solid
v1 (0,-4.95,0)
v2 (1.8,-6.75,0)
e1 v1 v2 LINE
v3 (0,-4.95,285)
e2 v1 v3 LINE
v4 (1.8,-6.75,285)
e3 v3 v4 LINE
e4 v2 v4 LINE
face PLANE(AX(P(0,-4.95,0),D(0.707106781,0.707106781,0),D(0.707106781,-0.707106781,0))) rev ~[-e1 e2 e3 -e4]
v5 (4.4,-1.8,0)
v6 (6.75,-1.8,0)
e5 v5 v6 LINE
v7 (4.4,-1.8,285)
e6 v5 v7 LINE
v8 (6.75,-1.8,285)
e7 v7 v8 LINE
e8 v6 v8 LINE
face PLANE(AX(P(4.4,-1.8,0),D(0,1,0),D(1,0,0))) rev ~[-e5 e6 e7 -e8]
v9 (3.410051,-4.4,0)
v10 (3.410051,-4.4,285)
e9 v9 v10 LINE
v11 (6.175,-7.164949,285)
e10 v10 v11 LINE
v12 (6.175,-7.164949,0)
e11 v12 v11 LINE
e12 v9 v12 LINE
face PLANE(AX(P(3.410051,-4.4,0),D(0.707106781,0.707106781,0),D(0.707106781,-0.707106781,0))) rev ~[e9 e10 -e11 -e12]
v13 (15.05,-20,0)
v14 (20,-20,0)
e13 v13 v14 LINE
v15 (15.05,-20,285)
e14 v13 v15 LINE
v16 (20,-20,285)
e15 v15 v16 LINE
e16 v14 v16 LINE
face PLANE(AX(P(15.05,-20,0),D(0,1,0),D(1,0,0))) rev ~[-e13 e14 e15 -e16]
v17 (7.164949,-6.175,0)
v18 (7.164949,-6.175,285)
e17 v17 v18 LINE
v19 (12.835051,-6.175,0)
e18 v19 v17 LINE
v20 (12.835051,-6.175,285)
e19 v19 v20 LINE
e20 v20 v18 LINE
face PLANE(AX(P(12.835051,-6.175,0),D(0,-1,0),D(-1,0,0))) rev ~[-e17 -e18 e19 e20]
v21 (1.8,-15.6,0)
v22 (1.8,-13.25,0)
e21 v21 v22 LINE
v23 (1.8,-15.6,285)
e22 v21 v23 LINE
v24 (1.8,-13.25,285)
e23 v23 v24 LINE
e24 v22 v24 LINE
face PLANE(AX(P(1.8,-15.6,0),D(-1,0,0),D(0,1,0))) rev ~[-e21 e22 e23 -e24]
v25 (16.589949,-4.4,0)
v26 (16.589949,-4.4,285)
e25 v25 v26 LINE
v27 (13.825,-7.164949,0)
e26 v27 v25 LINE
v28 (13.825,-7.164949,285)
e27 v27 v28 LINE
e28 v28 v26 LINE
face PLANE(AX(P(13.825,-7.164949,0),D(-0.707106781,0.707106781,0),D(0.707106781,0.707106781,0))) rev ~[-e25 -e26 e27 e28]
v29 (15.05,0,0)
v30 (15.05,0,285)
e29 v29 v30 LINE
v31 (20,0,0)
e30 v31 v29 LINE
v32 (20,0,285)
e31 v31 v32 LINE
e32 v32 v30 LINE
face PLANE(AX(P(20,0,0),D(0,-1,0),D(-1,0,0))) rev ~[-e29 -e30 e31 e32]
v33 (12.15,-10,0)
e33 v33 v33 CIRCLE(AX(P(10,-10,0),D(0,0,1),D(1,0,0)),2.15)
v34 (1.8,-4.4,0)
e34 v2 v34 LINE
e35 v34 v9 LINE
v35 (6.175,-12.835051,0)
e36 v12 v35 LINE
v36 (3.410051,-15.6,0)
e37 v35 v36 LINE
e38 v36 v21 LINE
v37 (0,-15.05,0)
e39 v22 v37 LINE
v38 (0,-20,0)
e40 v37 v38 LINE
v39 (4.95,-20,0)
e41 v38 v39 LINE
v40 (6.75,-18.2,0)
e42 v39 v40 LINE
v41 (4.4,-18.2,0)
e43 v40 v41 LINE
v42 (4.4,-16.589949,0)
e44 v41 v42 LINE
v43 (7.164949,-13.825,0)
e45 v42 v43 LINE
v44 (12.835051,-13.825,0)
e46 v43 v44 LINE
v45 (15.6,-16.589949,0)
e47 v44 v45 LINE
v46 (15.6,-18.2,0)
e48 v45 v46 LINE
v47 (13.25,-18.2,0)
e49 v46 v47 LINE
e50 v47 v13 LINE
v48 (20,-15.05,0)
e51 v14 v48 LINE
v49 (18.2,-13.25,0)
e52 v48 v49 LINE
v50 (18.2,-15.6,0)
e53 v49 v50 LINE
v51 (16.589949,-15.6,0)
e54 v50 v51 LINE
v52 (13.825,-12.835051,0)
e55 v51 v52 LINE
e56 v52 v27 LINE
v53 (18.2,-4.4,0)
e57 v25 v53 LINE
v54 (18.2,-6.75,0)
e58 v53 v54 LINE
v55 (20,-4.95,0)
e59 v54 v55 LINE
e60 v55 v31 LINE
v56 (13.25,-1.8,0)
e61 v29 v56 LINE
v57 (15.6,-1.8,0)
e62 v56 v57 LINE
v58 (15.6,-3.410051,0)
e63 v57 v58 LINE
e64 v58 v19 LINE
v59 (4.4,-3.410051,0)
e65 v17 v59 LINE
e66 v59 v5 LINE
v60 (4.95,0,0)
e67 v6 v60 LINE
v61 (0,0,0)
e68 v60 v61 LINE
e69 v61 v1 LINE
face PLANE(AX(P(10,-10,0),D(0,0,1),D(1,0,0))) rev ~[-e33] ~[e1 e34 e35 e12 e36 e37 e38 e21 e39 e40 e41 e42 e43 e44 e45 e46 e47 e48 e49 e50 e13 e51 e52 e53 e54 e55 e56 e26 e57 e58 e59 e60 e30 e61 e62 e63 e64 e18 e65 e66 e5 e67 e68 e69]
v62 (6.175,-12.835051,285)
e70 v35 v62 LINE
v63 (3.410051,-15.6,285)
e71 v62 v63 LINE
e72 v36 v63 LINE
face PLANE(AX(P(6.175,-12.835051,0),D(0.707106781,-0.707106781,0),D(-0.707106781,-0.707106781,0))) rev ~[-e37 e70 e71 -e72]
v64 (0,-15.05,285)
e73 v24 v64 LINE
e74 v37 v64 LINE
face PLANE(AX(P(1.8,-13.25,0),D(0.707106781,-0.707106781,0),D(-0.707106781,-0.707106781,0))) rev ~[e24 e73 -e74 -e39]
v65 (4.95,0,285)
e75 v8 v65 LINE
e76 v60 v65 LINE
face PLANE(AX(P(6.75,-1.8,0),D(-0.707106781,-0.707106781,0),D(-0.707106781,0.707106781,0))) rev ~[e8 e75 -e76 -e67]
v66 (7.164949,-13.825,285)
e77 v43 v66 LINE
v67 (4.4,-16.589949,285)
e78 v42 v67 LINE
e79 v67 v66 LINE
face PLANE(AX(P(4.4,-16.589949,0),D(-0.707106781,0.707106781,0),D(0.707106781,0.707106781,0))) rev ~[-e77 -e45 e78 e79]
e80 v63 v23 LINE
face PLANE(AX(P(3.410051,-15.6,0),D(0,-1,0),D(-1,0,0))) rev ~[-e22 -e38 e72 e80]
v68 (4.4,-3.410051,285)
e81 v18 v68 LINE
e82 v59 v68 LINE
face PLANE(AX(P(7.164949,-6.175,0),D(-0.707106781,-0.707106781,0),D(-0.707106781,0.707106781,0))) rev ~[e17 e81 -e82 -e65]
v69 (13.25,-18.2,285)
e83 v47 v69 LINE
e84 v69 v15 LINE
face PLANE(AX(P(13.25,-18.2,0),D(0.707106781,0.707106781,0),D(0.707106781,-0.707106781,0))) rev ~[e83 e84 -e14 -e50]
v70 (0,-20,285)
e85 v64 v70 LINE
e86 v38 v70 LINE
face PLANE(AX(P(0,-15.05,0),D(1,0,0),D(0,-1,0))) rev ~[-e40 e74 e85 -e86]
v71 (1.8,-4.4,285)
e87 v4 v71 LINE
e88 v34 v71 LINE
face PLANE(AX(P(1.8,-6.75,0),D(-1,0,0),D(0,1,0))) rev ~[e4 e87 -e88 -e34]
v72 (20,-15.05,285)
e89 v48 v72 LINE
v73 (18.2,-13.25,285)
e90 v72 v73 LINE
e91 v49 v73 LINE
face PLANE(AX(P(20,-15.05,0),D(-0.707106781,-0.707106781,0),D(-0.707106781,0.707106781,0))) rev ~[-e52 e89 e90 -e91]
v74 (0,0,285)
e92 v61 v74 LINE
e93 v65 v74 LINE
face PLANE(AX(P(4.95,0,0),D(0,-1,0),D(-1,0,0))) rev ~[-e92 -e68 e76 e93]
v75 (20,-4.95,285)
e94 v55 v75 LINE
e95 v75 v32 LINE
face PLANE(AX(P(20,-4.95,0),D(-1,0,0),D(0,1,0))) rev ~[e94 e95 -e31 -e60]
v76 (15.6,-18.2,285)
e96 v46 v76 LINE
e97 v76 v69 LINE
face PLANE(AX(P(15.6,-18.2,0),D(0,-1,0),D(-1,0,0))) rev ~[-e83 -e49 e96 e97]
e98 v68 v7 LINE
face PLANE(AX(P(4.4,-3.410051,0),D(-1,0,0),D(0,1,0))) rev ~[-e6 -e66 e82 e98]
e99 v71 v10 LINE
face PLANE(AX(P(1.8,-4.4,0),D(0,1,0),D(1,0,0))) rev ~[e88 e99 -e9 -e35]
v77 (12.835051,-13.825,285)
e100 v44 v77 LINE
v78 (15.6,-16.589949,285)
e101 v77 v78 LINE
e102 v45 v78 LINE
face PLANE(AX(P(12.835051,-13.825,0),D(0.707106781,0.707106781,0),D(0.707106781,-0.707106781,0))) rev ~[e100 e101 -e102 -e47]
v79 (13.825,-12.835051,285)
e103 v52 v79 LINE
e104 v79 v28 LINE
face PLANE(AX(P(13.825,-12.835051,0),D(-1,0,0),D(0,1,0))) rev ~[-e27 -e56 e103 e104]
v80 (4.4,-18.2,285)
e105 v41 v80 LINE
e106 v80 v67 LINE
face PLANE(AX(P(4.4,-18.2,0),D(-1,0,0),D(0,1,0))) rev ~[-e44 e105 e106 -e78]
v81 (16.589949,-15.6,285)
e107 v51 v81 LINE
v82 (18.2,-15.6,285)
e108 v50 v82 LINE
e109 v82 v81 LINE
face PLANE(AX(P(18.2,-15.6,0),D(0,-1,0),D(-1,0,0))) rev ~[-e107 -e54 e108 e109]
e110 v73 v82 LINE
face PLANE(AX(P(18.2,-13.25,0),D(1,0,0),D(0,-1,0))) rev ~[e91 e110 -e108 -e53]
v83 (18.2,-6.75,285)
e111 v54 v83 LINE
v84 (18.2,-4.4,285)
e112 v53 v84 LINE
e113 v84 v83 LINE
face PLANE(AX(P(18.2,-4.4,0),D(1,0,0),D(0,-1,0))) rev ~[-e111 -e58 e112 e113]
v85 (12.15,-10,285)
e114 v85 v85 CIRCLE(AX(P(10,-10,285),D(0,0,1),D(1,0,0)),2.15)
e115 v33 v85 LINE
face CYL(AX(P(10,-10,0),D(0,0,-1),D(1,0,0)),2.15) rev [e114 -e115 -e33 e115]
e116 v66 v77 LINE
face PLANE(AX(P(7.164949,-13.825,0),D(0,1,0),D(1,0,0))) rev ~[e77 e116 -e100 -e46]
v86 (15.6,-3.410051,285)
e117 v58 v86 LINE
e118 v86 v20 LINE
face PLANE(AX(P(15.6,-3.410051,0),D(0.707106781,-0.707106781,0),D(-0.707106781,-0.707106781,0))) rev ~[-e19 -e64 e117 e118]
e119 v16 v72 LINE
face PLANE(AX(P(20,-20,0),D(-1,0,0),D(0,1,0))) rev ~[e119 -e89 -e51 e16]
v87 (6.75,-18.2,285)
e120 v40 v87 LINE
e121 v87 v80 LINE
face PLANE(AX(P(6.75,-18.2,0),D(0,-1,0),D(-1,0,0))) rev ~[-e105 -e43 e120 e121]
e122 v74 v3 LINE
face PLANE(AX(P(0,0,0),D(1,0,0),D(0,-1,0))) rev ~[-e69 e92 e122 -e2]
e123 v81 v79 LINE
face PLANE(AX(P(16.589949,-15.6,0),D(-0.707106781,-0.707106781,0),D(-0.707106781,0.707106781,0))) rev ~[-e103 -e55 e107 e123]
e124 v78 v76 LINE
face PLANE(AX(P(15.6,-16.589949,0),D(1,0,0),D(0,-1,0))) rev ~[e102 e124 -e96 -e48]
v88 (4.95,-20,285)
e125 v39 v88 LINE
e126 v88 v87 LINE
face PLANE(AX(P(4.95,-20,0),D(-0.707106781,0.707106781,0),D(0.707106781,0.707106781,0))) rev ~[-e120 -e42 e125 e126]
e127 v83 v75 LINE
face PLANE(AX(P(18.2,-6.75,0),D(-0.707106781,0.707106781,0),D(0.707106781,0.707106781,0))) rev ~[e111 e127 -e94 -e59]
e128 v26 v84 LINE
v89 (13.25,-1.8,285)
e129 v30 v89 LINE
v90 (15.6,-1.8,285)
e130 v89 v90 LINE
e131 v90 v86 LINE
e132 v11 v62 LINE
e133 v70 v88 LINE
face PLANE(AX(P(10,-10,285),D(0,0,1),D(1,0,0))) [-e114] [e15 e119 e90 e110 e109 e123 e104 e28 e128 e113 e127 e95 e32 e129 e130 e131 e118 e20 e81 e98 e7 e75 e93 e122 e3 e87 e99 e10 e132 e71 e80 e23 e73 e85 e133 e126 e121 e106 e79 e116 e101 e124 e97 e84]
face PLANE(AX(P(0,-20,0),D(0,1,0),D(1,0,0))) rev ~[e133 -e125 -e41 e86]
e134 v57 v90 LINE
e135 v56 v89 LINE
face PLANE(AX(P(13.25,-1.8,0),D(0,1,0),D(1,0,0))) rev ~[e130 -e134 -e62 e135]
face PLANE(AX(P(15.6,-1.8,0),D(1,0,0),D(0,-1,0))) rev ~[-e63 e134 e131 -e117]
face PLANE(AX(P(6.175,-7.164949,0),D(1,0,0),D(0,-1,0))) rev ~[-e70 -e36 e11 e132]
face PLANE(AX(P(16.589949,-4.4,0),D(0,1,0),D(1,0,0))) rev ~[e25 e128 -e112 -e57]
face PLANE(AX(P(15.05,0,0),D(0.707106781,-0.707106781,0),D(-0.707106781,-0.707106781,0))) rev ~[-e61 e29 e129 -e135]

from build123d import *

# Parameters (mm, degrees)
CROQUIS1_R      = 2.15
BOSCHBASE_DEPTH = 285


with BuildPart() as part:
    # Croquis1 → BoschBase (new body)
    with BuildSketch(Plane.XY):
        Polygon((4.4, 0), (0, 0), (0, -0.56736664), (0, -4.4), (0, -4.95), (1.8, -6.75), (1.8, -4.4), (3.410050506, -4.4), (6.175, -7.164949494), (6.175, -12.835050506), (3.410050506, -15.6), (1.8, -15.6), (1.8, -13.25), (0, -15.05), (0, -15.6), (0, -20), (4.4, -20), (4.95, -20), (6.75, -18.2), (4.4, -18.2), (4.4, -16.589949494), (7.164949494, -13.825), (12.835050506, -13.825), (15.6, -16.589949494), (15.6, -18.2), (13.25, -18.2), (15.05, -20), (15.6, -20), (18.2, -20), (20, -20), (20, -15.6), (20, -15.05), (18.2, -13.25), (18.2, -15.6), (16.589949494, -15.6), (13.825, -12.835050506), (13.825, -7.164949494), (16.589949494, -4.4), (18.2, -4.4), (18.2, -6.75), (20, -4.95), (20, -4.4), (20, 0), (15.6, 0), (15.05, 0), (13.25, -1.8), (15.6, -1.8), (15.6, -3.410050506), (12.835050506, -6.175), (7.164949494, -6.175), (4.4, -3.410050506), (4.4, -1.8), (6.75, -1.8), (4.95, 0), align=None)
        with Locations((10, -10)):
            Circle(CROQUIS1_R, mode=Mode.SUBTRACT)
    extrude(amount=BOSCHBASE_DEPTH)


solid = part.part
